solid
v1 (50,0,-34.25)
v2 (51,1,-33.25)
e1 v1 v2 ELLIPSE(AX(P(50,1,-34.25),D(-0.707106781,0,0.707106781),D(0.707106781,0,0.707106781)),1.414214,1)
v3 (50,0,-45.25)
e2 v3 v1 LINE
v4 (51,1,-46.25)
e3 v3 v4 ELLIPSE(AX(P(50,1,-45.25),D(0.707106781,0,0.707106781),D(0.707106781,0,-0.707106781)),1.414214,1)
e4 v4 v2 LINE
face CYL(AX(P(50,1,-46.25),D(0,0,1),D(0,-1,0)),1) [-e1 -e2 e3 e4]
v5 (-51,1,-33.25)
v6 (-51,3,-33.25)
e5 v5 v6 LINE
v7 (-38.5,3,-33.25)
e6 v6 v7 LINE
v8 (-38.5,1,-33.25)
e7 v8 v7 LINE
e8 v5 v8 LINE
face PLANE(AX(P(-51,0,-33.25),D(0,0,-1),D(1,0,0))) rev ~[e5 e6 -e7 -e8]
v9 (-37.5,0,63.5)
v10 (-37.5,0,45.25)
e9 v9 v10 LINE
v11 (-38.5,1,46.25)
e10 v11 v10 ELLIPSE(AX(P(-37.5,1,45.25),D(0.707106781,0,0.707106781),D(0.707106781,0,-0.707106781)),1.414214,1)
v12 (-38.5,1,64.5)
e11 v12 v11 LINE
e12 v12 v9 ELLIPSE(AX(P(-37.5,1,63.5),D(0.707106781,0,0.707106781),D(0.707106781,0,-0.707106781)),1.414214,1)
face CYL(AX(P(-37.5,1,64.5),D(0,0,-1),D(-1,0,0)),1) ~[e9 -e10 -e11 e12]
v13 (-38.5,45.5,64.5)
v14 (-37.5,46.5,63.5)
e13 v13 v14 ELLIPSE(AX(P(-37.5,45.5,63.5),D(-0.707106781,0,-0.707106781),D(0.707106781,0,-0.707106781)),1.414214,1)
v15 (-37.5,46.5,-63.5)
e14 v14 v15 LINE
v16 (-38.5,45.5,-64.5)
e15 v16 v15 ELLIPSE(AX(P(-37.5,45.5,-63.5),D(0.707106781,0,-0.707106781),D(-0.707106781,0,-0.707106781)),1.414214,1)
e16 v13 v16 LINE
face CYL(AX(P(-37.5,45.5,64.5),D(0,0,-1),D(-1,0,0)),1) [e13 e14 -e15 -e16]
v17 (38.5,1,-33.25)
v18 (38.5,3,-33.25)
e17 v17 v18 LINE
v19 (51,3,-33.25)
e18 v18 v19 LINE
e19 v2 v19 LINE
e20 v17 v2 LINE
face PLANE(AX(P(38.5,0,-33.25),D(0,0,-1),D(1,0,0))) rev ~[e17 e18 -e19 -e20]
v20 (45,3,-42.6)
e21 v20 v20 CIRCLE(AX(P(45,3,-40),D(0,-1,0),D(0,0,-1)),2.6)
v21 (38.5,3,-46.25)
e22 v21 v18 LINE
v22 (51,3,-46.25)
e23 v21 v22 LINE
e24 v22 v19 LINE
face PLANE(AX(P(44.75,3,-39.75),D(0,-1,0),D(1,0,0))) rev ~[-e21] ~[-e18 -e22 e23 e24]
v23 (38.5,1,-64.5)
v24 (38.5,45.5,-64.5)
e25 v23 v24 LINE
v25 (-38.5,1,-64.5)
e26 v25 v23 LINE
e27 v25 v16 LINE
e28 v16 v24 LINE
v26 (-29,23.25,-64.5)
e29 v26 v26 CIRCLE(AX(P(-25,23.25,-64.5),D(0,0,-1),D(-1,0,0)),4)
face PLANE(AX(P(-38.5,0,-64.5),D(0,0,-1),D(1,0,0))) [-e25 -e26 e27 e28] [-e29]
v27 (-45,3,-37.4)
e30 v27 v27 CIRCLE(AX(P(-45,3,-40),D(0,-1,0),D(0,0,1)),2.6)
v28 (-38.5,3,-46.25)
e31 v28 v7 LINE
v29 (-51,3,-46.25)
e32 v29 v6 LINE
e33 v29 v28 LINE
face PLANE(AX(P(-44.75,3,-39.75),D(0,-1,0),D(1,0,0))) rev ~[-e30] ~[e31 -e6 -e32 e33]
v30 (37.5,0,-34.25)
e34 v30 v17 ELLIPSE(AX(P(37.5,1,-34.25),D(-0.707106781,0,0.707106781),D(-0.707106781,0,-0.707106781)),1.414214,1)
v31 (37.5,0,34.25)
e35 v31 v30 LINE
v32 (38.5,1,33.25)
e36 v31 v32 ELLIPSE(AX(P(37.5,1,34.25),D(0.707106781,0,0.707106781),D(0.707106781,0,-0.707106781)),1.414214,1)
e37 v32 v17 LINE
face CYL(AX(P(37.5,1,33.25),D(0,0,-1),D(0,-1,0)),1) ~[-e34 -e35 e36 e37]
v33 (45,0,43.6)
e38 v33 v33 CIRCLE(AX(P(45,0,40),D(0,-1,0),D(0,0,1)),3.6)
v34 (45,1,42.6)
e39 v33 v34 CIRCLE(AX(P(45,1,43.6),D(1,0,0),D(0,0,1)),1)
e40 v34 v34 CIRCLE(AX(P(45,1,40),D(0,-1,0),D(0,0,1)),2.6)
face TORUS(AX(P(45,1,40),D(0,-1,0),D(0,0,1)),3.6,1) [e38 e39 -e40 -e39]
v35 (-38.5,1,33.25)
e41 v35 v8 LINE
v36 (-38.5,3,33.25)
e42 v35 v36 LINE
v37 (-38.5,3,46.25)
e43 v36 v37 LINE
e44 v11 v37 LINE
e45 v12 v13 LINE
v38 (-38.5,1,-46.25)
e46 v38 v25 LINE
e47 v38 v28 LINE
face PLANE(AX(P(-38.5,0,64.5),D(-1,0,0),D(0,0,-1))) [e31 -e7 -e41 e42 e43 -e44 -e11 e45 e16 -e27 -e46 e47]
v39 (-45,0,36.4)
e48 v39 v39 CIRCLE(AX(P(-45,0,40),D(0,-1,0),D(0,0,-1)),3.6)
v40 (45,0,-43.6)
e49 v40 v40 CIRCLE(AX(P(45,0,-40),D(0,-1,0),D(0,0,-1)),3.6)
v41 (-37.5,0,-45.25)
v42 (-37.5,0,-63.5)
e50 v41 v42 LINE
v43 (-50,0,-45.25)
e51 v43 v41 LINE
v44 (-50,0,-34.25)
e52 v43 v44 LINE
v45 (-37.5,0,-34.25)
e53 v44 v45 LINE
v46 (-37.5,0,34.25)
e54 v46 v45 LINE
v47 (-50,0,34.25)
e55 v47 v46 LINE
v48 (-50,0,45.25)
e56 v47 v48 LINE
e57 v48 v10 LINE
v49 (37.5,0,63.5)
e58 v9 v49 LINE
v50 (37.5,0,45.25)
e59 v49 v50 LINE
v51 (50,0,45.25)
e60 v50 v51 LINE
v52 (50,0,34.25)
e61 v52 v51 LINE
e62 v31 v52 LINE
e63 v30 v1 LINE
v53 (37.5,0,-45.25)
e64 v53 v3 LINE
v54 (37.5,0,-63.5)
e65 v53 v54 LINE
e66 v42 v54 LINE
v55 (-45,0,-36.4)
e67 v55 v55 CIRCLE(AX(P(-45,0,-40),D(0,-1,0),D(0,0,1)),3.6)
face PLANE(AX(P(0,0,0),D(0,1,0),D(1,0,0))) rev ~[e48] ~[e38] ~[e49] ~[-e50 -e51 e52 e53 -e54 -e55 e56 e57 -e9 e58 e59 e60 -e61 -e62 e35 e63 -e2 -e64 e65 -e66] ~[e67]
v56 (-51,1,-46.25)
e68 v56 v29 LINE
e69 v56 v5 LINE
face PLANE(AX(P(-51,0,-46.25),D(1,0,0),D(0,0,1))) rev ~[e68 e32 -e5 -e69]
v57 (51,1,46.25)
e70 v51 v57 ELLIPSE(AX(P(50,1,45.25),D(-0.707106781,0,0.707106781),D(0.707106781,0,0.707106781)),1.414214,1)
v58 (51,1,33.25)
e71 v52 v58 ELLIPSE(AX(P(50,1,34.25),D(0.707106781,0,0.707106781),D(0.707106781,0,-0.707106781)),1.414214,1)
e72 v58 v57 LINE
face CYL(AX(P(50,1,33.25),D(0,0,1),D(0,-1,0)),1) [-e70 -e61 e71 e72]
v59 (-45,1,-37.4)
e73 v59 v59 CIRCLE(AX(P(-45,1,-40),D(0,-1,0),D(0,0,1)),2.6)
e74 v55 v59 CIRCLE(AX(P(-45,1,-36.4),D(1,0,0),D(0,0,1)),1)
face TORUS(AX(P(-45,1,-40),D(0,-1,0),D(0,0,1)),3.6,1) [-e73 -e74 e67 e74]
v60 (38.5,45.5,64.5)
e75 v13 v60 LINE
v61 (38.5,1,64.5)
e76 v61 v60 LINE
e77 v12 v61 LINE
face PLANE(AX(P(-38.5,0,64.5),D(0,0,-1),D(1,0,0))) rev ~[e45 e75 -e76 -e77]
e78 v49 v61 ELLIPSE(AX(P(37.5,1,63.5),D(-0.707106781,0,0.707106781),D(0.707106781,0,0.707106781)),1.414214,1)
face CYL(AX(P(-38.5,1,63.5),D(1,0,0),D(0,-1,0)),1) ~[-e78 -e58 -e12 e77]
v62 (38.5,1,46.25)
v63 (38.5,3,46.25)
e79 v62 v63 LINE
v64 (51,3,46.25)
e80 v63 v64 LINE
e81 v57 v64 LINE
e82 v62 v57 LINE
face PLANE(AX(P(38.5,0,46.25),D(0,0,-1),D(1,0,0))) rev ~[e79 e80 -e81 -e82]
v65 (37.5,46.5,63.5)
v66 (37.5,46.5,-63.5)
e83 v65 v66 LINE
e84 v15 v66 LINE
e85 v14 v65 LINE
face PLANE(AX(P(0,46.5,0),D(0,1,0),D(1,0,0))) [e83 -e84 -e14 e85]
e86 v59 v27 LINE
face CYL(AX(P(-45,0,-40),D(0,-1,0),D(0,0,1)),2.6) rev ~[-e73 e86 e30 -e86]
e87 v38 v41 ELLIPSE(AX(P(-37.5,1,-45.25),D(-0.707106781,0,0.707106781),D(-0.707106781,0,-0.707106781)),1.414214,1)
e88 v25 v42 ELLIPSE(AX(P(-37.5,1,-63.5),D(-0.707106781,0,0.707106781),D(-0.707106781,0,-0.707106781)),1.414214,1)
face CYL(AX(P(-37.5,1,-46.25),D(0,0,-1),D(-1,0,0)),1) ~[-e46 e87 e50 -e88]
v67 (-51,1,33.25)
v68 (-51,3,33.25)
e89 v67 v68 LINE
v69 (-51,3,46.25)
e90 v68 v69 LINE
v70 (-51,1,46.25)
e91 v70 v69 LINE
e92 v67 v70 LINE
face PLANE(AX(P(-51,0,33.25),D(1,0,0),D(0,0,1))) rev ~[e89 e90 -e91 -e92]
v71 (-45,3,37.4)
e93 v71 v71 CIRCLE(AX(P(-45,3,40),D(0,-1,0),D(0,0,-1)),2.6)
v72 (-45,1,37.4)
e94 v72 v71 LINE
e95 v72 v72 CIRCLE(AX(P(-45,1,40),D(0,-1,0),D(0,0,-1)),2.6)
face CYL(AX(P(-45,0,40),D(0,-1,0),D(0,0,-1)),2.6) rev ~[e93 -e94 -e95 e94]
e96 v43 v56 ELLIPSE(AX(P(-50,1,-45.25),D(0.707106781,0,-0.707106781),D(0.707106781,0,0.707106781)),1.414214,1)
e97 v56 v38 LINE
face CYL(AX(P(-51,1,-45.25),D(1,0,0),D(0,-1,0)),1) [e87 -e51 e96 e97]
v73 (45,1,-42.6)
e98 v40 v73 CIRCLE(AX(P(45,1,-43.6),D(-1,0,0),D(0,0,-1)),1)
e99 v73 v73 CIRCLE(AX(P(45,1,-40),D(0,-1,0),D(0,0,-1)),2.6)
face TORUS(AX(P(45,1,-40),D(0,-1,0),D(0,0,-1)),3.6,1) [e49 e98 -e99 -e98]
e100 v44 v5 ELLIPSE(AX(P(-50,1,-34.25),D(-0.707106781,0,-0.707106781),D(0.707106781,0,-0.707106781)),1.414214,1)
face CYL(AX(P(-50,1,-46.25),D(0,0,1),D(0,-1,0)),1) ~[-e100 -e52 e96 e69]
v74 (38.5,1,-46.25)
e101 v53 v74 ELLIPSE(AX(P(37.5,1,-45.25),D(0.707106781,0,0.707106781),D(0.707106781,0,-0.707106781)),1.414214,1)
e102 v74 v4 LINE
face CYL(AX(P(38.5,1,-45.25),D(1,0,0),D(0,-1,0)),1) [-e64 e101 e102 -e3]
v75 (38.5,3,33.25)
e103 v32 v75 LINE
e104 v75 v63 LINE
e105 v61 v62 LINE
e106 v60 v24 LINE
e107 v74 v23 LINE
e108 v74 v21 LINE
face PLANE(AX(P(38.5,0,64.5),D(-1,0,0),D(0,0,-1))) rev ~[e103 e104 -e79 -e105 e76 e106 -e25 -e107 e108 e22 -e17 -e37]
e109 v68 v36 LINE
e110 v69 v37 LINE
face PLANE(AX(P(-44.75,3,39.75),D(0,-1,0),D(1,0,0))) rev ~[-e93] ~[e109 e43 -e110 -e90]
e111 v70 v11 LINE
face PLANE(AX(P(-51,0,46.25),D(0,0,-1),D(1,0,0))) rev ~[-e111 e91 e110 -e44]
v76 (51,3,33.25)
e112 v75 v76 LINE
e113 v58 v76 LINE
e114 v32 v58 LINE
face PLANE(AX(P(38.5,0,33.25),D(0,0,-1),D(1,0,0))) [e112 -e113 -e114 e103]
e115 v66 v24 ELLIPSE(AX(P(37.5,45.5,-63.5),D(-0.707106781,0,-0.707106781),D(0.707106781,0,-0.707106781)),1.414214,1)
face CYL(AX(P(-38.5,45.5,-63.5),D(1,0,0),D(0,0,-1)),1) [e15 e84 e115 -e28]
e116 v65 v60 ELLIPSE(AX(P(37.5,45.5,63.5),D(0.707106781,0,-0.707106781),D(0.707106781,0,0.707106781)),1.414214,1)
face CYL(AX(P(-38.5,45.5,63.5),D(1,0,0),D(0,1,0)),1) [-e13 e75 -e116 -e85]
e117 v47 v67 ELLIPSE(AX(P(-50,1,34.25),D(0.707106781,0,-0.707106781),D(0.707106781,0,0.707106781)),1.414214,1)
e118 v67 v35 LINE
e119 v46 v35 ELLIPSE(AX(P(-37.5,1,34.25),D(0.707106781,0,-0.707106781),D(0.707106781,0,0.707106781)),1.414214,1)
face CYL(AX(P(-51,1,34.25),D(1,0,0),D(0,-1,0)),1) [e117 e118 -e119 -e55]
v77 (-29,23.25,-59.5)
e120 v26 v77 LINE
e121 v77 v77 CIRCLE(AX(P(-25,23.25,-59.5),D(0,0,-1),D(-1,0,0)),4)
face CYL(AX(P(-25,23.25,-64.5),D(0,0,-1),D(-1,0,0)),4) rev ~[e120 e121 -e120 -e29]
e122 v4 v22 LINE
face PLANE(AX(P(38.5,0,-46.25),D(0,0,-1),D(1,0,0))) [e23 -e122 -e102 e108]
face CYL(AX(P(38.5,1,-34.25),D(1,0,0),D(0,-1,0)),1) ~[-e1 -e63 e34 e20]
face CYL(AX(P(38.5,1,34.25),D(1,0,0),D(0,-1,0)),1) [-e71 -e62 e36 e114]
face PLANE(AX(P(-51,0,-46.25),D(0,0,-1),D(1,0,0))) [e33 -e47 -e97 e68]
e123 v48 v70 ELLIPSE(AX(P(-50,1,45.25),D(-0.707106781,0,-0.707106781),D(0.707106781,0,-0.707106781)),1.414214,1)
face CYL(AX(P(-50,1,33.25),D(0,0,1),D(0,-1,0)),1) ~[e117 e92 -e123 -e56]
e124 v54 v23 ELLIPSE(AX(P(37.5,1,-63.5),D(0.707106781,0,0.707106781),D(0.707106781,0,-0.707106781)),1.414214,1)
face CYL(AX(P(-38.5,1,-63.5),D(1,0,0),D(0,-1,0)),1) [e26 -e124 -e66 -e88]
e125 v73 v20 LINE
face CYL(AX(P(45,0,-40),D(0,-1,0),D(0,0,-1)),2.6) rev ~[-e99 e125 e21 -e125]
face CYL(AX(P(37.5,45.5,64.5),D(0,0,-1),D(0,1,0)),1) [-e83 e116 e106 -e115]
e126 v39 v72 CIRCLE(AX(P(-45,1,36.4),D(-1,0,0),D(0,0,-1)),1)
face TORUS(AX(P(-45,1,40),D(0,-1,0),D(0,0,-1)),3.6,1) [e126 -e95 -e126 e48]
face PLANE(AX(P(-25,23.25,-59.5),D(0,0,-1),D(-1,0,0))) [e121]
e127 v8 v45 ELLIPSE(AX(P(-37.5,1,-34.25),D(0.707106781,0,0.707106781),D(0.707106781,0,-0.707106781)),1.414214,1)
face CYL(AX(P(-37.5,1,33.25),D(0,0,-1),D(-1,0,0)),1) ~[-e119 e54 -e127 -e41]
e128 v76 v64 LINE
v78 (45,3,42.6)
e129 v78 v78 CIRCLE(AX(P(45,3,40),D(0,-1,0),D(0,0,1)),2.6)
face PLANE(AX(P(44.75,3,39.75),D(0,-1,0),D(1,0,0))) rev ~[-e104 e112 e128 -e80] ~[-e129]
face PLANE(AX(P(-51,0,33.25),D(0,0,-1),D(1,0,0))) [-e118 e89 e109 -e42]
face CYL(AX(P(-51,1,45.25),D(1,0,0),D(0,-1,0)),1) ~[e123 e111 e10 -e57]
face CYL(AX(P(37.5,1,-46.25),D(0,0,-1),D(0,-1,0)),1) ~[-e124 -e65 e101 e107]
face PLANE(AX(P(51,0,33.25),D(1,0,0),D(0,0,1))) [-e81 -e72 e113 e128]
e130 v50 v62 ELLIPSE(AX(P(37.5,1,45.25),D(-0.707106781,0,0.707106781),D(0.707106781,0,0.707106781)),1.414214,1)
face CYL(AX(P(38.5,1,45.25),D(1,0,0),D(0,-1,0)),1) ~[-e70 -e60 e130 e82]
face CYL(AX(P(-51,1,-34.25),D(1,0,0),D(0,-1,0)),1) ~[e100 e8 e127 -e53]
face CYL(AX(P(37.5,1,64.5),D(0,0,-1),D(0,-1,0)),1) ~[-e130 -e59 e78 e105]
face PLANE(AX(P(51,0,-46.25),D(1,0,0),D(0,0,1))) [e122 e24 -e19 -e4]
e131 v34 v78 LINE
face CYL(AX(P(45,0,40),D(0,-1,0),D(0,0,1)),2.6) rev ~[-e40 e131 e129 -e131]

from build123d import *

# Parameters (mm, degrees)
SKETCH_1_W          = 77
SKETCH_1_H          = 129
EXTRUDE_1_DEPTH     = 46.5
SKETCH_2_W          = 12.5
SKETCH_2_H          = 13
SKETCH_2_R          = 2.6
EXTRUDE_2_DEPTH     = 3
SKETCH_3_R          = 4
CUT_EXTRUDE_1_DEPTH = 5
FILLET_1_R          = 1


with BuildPart() as part:
    # 草图1 → 凸台-拉伸1 (new body)
    with BuildSketch(Plane(origin=(0, 0, 0), x_dir=(1, 0, 0), z_dir=(0, 1, 0))):
        Rectangle(SKETCH_1_W, SKETCH_1_H)
    extrude(amount=EXTRUDE_1_DEPTH)

    # 草图2 → 凸台-拉伸2 (add)
    # profile 1 of 4: a face of its own
    with BuildSketch(Plane.XZ):
        with Locations((-44.75, 39.75)):
            Rectangle(SKETCH_2_W, SKETCH_2_H)
        with Locations(Location((-45, 40, 0), (0, 0, 270))):
            Circle(SKETCH_2_R, mode=Mode.SUBTRACT)
    # profile 2 of 4: a face of its own
    with BuildSketch(Plane.XZ):
        with Locations((44.75, 39.75)):
            Rectangle(SKETCH_2_W, SKETCH_2_H)
        with Locations(Location((45, 40, 0), (0, 0, 90))):
            Circle(SKETCH_2_R, mode=Mode.SUBTRACT)
    # profile 3 of 4: a face of its own
    with BuildSketch(Plane.XZ):
        with Locations((44.75, -39.75)):
            Rectangle(SKETCH_2_W, SKETCH_2_H)
        with Locations(Location((45, -40, 0), (0, 0, 270))):
            Circle(SKETCH_2_R, mode=Mode.SUBTRACT)
    # profile 4 of 4: a face of its own
    with BuildSketch(Plane.XZ):
        with Locations((-44.75, -39.75)):
            Rectangle(SKETCH_2_W, SKETCH_2_H)
        with Locations(Location((-45, -40, 0), (0, 0, 90))):
            Circle(SKETCH_2_R, mode=Mode.SUBTRACT)
    extrude(amount=-EXTRUDE_2_DEPTH)

    # 草图3 → 切除-拉伸1 (cut)
    with BuildSketch(Plane(origin=(0, 0, -64.5), x_dir=(-1, 0, 0), z_dir=(0, 0, -1))):
        with Locations((25, 23.25)):
            Circle(SKETCH_3_R)
    extrude(amount=-CUT_EXTRUDE_1_DEPTH, mode=Mode.SUBTRACT)

    # 圆角1
    fillet_1_edges = [part.edges().sort_by_distance(p)[0] for p in [
        (-38.5, 46.5, 0),
        (-38.5, 0, 55.375),
        (0, 46.5, 64.5),
        (-44.75, 0, 46.25),
        (-51, 0, 39.75),
        (-44.75, 0, 33.25),
        (-45, 0, 42.6),
        (38.5, 0, 0),
        (44.75, 0, 33.25),
        (51, 0, 39.75),
        (44.75, 0, 46.25),
        (45, 0, 37.4),
        (38.5, 0, -55.375),
        (44.75, 0, -46.25),
        (51, 0, -39.75),
        (44.75, 0, -33.25),
        (45, 0, -37.4),
        (38.5, 46.5, 0),
        (0, 0, 64.5),
        (-38.5, 0, 0),
        (-38.5, 0, -55.375),
        (-44.75, 0, -33.25),
        (-51, 0, -39.75),
        (-44.75, 0, -46.25),
        (-45, 0, -42.6),
        (0, 0, -64.5),
        (38.5, 0, 55.375),
        (0, 46.5, -64.5),
    ]]
    fillet(fillet_1_edges, radius=FILLET_1_R)


solid = part.part
